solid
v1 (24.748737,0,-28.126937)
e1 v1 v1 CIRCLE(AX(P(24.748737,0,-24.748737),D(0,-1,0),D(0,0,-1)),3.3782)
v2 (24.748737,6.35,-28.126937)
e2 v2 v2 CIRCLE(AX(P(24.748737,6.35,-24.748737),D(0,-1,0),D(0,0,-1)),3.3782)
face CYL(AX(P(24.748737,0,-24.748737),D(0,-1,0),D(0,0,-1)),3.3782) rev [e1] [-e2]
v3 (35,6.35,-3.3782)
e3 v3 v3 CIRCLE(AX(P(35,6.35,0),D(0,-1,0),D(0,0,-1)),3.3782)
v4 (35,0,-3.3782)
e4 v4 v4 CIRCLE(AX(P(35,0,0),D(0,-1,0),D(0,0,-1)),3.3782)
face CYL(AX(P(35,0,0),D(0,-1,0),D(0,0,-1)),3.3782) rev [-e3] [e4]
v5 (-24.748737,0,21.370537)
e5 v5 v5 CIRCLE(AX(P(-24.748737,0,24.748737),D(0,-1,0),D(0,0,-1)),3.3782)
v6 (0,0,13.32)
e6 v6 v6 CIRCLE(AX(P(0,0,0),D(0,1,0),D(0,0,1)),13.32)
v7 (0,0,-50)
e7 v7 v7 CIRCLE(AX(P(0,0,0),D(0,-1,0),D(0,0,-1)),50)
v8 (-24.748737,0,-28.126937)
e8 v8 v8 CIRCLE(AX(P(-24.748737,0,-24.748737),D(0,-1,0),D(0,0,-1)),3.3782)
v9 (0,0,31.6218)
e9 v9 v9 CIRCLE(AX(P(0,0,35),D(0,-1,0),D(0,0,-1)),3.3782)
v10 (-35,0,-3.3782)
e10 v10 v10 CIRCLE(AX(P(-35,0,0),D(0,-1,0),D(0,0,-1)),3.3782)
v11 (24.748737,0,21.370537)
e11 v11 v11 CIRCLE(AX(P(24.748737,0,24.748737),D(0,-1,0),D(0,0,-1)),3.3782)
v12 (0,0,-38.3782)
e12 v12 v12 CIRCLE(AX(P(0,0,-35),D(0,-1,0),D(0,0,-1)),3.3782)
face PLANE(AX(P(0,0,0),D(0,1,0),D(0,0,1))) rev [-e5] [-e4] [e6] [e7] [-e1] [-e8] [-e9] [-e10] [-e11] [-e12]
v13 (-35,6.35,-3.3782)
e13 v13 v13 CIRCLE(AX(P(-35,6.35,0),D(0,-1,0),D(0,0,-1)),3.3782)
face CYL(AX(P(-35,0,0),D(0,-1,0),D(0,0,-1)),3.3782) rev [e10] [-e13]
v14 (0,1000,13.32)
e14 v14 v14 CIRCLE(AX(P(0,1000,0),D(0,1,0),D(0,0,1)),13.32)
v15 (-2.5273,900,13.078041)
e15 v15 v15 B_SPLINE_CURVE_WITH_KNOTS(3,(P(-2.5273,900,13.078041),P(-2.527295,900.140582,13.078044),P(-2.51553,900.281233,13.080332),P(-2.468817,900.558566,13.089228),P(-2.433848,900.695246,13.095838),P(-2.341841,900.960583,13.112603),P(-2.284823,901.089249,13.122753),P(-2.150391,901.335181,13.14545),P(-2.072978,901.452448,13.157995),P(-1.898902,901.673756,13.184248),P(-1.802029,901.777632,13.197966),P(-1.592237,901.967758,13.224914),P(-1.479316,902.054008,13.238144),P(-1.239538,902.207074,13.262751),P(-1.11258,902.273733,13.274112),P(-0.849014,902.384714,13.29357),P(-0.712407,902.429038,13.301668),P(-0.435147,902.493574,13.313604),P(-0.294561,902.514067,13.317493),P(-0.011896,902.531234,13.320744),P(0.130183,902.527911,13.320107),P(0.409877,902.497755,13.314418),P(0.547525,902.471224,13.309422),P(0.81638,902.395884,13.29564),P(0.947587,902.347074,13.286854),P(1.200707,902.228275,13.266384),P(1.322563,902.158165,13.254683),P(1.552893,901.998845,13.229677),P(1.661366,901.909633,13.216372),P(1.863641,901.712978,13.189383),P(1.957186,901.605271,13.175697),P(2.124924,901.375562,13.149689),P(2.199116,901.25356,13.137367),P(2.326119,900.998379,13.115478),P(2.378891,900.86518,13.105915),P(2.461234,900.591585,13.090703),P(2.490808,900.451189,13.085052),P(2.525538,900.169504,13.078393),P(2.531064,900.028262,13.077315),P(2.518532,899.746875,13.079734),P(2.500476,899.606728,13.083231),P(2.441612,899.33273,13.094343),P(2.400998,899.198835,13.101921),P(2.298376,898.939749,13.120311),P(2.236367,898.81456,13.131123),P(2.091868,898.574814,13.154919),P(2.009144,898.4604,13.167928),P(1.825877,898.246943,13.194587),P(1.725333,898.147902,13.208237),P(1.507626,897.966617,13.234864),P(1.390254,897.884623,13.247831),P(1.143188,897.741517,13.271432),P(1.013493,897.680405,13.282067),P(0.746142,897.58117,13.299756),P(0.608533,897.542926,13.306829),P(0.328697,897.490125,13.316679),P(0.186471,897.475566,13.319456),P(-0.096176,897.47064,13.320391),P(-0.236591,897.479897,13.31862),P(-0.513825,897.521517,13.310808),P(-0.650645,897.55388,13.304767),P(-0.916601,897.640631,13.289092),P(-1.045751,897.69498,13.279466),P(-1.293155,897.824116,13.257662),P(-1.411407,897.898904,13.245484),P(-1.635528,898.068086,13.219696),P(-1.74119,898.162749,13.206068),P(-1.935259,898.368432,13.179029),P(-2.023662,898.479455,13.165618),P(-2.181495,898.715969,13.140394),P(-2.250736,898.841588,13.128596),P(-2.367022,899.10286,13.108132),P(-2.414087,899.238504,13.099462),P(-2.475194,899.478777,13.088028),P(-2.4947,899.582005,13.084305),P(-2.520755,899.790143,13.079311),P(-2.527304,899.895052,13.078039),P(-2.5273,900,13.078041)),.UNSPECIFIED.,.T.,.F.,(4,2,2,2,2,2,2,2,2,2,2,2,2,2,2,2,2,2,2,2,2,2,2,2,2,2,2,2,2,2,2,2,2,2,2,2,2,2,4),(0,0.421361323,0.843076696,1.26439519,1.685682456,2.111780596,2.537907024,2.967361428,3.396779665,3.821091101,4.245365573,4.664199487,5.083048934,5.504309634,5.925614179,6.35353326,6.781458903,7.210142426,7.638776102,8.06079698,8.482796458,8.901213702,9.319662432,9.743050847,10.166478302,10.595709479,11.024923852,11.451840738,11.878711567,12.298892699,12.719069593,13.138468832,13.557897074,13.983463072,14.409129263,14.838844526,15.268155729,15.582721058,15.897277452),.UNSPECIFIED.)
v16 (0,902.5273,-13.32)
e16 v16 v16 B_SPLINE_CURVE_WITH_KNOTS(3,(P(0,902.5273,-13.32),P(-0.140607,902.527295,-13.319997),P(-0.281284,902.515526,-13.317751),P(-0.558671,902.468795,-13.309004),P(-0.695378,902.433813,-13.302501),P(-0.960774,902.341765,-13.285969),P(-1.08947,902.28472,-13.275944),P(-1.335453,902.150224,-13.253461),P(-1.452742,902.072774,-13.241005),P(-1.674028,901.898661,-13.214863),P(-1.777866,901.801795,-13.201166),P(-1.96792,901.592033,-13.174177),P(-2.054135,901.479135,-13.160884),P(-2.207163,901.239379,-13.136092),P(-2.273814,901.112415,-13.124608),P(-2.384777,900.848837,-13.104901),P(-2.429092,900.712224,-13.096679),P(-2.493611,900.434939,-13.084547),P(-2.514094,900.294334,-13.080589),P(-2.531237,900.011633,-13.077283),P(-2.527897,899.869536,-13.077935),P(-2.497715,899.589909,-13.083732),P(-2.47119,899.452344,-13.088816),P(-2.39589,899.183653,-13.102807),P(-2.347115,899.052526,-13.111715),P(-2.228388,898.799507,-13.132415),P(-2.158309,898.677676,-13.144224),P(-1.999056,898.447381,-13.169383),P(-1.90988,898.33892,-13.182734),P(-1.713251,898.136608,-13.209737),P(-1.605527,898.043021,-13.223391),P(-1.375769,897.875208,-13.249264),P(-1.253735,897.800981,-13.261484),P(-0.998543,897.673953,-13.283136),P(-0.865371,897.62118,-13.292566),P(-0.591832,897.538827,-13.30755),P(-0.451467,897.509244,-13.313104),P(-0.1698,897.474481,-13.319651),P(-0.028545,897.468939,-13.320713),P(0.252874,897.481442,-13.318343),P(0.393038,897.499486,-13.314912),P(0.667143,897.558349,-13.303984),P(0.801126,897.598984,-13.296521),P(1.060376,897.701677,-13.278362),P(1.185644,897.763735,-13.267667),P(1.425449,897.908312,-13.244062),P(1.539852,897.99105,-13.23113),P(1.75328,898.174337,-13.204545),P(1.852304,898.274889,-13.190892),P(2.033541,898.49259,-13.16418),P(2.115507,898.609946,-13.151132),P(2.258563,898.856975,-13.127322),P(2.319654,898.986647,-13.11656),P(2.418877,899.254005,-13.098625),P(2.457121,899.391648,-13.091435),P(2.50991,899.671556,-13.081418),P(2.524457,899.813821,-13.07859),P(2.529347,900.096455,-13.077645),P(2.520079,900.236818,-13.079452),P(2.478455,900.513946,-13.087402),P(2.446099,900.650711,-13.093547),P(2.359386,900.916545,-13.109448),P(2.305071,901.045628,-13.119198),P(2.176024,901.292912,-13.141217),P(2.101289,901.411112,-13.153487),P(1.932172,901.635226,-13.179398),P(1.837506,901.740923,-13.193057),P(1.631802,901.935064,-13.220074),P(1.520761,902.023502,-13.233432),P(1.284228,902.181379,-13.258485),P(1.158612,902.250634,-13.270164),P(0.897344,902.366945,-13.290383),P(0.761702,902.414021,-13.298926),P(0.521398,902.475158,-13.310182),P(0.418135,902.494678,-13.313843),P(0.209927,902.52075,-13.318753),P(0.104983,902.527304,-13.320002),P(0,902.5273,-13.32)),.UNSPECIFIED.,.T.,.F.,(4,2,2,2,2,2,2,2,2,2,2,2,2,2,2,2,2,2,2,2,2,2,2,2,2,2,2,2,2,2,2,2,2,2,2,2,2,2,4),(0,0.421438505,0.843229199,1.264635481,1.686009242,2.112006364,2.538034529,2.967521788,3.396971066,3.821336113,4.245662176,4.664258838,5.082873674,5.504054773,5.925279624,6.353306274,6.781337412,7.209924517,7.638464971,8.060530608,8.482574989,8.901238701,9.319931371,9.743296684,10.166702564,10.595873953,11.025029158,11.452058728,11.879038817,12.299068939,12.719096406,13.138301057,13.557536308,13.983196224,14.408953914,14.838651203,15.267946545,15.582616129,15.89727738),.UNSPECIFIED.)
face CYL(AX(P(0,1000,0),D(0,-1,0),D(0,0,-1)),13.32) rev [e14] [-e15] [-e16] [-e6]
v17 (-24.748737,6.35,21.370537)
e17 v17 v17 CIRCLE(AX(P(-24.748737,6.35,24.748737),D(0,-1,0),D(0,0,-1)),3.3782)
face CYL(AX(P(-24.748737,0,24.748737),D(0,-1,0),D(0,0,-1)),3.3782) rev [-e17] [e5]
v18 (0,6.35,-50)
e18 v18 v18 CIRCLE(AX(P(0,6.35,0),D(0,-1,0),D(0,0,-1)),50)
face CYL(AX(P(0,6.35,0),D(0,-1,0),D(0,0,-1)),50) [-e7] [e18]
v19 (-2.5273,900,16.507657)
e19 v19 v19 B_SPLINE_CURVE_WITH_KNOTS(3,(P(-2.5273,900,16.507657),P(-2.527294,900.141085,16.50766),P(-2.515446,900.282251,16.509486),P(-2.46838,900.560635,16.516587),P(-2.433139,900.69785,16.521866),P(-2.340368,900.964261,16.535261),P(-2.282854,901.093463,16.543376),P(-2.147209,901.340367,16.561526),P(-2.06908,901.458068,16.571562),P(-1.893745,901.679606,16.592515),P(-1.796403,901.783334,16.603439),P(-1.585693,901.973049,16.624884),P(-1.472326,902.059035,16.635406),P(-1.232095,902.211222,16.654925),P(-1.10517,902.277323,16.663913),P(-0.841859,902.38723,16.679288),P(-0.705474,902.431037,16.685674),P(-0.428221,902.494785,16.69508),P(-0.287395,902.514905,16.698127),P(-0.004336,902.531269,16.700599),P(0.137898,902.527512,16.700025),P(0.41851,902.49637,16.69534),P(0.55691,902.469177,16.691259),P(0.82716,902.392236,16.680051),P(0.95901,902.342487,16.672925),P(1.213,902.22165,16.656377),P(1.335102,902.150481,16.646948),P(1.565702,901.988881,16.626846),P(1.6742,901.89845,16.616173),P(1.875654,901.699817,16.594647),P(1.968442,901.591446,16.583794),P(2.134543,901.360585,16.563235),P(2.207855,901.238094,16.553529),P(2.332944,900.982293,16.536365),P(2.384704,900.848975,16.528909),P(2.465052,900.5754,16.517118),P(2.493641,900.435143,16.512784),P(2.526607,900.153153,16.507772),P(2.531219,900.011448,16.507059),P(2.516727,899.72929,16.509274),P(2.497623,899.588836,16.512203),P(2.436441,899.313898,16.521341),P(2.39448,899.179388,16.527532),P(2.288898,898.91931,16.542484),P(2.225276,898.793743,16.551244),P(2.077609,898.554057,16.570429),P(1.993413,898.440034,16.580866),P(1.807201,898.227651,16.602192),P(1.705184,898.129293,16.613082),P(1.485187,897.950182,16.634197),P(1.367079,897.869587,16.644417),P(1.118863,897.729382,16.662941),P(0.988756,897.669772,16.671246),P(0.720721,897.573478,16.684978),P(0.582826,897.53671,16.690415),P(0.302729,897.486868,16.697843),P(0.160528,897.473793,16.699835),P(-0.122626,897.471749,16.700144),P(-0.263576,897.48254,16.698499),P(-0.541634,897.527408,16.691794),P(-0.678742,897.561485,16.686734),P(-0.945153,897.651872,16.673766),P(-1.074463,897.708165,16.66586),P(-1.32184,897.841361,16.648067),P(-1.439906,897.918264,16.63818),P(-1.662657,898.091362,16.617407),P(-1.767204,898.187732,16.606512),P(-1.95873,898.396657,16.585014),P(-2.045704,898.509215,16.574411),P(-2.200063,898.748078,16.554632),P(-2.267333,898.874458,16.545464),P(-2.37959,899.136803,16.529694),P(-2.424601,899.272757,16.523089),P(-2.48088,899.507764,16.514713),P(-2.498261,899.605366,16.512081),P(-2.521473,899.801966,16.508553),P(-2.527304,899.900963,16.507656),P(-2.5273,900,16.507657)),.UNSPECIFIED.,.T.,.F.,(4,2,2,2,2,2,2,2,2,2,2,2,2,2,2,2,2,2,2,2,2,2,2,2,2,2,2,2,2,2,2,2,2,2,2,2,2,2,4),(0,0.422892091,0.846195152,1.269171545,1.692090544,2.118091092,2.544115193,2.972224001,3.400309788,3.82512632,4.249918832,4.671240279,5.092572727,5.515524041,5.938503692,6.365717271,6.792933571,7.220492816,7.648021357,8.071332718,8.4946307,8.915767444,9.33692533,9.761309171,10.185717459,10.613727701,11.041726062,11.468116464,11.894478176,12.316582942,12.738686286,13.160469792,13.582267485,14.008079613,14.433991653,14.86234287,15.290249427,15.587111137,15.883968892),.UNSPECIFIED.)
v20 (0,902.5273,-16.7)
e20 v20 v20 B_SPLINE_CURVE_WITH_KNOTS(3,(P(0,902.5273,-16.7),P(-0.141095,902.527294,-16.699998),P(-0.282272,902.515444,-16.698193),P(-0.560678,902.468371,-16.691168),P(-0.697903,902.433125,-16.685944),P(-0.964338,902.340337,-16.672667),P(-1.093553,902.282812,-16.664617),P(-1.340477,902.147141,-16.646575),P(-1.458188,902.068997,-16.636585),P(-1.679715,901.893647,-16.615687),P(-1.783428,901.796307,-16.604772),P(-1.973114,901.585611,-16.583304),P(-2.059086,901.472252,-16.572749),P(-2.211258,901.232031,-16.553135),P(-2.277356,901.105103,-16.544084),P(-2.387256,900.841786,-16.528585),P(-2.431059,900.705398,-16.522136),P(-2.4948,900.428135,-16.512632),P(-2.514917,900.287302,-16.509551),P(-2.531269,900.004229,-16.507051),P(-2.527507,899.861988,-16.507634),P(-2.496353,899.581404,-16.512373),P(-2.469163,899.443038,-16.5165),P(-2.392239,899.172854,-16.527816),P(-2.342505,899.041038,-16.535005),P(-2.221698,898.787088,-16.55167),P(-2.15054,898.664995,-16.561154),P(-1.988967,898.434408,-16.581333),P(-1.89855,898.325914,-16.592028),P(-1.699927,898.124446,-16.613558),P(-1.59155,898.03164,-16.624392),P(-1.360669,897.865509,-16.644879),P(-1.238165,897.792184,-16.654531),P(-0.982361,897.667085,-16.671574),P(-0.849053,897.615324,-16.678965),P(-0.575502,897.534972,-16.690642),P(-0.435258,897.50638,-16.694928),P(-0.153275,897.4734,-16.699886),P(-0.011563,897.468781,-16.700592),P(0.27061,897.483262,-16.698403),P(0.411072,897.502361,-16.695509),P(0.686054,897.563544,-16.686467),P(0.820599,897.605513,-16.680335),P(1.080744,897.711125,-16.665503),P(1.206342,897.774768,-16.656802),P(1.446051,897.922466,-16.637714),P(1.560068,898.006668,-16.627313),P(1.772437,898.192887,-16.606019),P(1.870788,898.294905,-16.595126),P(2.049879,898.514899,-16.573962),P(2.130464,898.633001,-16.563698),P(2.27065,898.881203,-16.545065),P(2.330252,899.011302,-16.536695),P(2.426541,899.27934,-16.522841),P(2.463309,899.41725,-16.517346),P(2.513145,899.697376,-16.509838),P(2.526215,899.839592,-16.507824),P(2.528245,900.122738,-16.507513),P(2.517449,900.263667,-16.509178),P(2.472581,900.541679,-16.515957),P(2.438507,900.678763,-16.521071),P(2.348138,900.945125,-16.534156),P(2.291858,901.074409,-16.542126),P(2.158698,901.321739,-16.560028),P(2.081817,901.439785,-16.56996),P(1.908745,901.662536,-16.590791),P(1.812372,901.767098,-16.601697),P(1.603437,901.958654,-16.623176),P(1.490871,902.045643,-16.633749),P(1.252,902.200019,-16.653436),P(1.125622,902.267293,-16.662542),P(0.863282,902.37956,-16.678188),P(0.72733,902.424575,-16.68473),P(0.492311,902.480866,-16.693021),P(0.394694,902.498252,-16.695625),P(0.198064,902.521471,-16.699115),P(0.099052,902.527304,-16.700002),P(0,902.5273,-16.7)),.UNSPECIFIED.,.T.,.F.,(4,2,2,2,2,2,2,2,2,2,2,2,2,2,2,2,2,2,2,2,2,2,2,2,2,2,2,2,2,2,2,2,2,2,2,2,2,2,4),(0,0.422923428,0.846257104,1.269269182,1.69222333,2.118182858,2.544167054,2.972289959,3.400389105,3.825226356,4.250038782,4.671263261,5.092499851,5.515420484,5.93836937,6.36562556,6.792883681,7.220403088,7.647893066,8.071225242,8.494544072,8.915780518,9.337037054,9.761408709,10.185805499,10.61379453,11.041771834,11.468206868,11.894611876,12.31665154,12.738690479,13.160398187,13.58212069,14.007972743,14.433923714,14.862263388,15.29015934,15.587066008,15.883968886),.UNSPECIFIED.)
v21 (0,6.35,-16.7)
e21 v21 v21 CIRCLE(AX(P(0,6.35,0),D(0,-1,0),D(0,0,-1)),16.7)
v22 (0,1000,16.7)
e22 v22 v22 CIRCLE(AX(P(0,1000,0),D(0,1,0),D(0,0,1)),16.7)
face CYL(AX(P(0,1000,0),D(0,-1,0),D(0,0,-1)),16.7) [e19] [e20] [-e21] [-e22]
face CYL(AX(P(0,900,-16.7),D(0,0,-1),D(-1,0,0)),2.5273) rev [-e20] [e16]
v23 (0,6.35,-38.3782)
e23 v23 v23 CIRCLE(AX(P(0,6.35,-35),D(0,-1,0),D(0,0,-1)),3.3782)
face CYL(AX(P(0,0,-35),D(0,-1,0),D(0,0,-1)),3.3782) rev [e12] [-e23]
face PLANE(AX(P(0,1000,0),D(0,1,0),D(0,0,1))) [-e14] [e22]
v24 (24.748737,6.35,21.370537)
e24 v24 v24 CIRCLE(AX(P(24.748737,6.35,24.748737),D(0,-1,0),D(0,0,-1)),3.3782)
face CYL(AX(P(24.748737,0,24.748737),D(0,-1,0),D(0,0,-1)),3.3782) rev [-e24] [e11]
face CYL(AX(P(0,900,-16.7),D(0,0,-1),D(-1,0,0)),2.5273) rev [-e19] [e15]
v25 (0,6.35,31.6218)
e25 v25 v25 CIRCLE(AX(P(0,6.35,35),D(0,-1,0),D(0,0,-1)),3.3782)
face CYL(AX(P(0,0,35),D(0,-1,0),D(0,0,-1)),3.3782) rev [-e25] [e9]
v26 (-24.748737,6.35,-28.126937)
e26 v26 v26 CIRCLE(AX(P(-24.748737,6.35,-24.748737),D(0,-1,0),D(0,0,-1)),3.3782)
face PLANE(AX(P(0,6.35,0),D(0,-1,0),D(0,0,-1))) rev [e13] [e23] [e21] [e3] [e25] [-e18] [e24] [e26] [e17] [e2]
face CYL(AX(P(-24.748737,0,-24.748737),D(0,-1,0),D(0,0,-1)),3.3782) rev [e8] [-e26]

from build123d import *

# Parameters (mm, degrees)
SKETCH1_R                      = 16.7
SKETCH1_R_2                    = 13.32
BOSS_EXTRUDE1_DEPTH            = 1000
SKETCH13_R                     = 50
SKETCH13_R_2                   = 16.7
BOSS_EXTRUDE2_DEPTH            = 6.35
F_1_4_CLEARANCE_HOLE1_D        = 6.7564
F_1_4_CLEARANCE_HOLE1_DEPTH    = 50
F_8_0_199_DIAMETER_HOLE6_D     = 5.0546
F_8_0_199_DIAMETER_HOLE6_DEPTH = 50


with BuildPart() as part:
    # Sketch1 → Boss-Extrude1 (new body)
    with BuildSketch(Plane(origin=(0, 0, 0), x_dir=(1, 0, 0), z_dir=(0, 1, 0))):
        Circle(SKETCH1_R)
        Circle(SKETCH1_R_2, mode=Mode.SUBTRACT)
    extrude(amount=BOSS_EXTRUDE1_DEPTH)

    # Sketch13 → Boss-Extrude2 (add)
    with BuildSketch(Plane(origin=(0, 0, 0), x_dir=(-1, 0, 0), z_dir=(0, -1, 0))):
        Circle(SKETCH13_R)
        Circle(SKETCH13_R_2, mode=Mode.SUBTRACT)
    extrude(amount=-BOSS_EXTRUDE2_DEPTH)

    # 1/4 Clearance Hole1
    with Locations(Plane(origin=(0, 0, 0), x_dir=(-1, 0, 0), z_dir=(0, -1, 0))):
        with Locations((-35, 0), (0, 35), (35, 0), (0, -35), (24.748737342, 24.748737342), (24.748737342, -24.748737342), (-24.748737342, -24.748737342), (-24.748737342, 24.748737342)):
            Hole(F_1_4_CLEARANCE_HOLE1_D / 2, depth=F_1_4_CLEARANCE_HOLE1_DEPTH)

    # #8 (0.199) Diameter Hole6
    with Locations(Plane(origin=(0, 900, -16.7), x_dir=(-1, 0, 0), z_dir=(0, 0, -1))):
        with Locations((0, 0)):
            Hole(F_8_0_199_DIAMETER_HOLE6_D / 2, depth=F_8_0_199_DIAMETER_HOLE6_DEPTH)


solid = part.part
